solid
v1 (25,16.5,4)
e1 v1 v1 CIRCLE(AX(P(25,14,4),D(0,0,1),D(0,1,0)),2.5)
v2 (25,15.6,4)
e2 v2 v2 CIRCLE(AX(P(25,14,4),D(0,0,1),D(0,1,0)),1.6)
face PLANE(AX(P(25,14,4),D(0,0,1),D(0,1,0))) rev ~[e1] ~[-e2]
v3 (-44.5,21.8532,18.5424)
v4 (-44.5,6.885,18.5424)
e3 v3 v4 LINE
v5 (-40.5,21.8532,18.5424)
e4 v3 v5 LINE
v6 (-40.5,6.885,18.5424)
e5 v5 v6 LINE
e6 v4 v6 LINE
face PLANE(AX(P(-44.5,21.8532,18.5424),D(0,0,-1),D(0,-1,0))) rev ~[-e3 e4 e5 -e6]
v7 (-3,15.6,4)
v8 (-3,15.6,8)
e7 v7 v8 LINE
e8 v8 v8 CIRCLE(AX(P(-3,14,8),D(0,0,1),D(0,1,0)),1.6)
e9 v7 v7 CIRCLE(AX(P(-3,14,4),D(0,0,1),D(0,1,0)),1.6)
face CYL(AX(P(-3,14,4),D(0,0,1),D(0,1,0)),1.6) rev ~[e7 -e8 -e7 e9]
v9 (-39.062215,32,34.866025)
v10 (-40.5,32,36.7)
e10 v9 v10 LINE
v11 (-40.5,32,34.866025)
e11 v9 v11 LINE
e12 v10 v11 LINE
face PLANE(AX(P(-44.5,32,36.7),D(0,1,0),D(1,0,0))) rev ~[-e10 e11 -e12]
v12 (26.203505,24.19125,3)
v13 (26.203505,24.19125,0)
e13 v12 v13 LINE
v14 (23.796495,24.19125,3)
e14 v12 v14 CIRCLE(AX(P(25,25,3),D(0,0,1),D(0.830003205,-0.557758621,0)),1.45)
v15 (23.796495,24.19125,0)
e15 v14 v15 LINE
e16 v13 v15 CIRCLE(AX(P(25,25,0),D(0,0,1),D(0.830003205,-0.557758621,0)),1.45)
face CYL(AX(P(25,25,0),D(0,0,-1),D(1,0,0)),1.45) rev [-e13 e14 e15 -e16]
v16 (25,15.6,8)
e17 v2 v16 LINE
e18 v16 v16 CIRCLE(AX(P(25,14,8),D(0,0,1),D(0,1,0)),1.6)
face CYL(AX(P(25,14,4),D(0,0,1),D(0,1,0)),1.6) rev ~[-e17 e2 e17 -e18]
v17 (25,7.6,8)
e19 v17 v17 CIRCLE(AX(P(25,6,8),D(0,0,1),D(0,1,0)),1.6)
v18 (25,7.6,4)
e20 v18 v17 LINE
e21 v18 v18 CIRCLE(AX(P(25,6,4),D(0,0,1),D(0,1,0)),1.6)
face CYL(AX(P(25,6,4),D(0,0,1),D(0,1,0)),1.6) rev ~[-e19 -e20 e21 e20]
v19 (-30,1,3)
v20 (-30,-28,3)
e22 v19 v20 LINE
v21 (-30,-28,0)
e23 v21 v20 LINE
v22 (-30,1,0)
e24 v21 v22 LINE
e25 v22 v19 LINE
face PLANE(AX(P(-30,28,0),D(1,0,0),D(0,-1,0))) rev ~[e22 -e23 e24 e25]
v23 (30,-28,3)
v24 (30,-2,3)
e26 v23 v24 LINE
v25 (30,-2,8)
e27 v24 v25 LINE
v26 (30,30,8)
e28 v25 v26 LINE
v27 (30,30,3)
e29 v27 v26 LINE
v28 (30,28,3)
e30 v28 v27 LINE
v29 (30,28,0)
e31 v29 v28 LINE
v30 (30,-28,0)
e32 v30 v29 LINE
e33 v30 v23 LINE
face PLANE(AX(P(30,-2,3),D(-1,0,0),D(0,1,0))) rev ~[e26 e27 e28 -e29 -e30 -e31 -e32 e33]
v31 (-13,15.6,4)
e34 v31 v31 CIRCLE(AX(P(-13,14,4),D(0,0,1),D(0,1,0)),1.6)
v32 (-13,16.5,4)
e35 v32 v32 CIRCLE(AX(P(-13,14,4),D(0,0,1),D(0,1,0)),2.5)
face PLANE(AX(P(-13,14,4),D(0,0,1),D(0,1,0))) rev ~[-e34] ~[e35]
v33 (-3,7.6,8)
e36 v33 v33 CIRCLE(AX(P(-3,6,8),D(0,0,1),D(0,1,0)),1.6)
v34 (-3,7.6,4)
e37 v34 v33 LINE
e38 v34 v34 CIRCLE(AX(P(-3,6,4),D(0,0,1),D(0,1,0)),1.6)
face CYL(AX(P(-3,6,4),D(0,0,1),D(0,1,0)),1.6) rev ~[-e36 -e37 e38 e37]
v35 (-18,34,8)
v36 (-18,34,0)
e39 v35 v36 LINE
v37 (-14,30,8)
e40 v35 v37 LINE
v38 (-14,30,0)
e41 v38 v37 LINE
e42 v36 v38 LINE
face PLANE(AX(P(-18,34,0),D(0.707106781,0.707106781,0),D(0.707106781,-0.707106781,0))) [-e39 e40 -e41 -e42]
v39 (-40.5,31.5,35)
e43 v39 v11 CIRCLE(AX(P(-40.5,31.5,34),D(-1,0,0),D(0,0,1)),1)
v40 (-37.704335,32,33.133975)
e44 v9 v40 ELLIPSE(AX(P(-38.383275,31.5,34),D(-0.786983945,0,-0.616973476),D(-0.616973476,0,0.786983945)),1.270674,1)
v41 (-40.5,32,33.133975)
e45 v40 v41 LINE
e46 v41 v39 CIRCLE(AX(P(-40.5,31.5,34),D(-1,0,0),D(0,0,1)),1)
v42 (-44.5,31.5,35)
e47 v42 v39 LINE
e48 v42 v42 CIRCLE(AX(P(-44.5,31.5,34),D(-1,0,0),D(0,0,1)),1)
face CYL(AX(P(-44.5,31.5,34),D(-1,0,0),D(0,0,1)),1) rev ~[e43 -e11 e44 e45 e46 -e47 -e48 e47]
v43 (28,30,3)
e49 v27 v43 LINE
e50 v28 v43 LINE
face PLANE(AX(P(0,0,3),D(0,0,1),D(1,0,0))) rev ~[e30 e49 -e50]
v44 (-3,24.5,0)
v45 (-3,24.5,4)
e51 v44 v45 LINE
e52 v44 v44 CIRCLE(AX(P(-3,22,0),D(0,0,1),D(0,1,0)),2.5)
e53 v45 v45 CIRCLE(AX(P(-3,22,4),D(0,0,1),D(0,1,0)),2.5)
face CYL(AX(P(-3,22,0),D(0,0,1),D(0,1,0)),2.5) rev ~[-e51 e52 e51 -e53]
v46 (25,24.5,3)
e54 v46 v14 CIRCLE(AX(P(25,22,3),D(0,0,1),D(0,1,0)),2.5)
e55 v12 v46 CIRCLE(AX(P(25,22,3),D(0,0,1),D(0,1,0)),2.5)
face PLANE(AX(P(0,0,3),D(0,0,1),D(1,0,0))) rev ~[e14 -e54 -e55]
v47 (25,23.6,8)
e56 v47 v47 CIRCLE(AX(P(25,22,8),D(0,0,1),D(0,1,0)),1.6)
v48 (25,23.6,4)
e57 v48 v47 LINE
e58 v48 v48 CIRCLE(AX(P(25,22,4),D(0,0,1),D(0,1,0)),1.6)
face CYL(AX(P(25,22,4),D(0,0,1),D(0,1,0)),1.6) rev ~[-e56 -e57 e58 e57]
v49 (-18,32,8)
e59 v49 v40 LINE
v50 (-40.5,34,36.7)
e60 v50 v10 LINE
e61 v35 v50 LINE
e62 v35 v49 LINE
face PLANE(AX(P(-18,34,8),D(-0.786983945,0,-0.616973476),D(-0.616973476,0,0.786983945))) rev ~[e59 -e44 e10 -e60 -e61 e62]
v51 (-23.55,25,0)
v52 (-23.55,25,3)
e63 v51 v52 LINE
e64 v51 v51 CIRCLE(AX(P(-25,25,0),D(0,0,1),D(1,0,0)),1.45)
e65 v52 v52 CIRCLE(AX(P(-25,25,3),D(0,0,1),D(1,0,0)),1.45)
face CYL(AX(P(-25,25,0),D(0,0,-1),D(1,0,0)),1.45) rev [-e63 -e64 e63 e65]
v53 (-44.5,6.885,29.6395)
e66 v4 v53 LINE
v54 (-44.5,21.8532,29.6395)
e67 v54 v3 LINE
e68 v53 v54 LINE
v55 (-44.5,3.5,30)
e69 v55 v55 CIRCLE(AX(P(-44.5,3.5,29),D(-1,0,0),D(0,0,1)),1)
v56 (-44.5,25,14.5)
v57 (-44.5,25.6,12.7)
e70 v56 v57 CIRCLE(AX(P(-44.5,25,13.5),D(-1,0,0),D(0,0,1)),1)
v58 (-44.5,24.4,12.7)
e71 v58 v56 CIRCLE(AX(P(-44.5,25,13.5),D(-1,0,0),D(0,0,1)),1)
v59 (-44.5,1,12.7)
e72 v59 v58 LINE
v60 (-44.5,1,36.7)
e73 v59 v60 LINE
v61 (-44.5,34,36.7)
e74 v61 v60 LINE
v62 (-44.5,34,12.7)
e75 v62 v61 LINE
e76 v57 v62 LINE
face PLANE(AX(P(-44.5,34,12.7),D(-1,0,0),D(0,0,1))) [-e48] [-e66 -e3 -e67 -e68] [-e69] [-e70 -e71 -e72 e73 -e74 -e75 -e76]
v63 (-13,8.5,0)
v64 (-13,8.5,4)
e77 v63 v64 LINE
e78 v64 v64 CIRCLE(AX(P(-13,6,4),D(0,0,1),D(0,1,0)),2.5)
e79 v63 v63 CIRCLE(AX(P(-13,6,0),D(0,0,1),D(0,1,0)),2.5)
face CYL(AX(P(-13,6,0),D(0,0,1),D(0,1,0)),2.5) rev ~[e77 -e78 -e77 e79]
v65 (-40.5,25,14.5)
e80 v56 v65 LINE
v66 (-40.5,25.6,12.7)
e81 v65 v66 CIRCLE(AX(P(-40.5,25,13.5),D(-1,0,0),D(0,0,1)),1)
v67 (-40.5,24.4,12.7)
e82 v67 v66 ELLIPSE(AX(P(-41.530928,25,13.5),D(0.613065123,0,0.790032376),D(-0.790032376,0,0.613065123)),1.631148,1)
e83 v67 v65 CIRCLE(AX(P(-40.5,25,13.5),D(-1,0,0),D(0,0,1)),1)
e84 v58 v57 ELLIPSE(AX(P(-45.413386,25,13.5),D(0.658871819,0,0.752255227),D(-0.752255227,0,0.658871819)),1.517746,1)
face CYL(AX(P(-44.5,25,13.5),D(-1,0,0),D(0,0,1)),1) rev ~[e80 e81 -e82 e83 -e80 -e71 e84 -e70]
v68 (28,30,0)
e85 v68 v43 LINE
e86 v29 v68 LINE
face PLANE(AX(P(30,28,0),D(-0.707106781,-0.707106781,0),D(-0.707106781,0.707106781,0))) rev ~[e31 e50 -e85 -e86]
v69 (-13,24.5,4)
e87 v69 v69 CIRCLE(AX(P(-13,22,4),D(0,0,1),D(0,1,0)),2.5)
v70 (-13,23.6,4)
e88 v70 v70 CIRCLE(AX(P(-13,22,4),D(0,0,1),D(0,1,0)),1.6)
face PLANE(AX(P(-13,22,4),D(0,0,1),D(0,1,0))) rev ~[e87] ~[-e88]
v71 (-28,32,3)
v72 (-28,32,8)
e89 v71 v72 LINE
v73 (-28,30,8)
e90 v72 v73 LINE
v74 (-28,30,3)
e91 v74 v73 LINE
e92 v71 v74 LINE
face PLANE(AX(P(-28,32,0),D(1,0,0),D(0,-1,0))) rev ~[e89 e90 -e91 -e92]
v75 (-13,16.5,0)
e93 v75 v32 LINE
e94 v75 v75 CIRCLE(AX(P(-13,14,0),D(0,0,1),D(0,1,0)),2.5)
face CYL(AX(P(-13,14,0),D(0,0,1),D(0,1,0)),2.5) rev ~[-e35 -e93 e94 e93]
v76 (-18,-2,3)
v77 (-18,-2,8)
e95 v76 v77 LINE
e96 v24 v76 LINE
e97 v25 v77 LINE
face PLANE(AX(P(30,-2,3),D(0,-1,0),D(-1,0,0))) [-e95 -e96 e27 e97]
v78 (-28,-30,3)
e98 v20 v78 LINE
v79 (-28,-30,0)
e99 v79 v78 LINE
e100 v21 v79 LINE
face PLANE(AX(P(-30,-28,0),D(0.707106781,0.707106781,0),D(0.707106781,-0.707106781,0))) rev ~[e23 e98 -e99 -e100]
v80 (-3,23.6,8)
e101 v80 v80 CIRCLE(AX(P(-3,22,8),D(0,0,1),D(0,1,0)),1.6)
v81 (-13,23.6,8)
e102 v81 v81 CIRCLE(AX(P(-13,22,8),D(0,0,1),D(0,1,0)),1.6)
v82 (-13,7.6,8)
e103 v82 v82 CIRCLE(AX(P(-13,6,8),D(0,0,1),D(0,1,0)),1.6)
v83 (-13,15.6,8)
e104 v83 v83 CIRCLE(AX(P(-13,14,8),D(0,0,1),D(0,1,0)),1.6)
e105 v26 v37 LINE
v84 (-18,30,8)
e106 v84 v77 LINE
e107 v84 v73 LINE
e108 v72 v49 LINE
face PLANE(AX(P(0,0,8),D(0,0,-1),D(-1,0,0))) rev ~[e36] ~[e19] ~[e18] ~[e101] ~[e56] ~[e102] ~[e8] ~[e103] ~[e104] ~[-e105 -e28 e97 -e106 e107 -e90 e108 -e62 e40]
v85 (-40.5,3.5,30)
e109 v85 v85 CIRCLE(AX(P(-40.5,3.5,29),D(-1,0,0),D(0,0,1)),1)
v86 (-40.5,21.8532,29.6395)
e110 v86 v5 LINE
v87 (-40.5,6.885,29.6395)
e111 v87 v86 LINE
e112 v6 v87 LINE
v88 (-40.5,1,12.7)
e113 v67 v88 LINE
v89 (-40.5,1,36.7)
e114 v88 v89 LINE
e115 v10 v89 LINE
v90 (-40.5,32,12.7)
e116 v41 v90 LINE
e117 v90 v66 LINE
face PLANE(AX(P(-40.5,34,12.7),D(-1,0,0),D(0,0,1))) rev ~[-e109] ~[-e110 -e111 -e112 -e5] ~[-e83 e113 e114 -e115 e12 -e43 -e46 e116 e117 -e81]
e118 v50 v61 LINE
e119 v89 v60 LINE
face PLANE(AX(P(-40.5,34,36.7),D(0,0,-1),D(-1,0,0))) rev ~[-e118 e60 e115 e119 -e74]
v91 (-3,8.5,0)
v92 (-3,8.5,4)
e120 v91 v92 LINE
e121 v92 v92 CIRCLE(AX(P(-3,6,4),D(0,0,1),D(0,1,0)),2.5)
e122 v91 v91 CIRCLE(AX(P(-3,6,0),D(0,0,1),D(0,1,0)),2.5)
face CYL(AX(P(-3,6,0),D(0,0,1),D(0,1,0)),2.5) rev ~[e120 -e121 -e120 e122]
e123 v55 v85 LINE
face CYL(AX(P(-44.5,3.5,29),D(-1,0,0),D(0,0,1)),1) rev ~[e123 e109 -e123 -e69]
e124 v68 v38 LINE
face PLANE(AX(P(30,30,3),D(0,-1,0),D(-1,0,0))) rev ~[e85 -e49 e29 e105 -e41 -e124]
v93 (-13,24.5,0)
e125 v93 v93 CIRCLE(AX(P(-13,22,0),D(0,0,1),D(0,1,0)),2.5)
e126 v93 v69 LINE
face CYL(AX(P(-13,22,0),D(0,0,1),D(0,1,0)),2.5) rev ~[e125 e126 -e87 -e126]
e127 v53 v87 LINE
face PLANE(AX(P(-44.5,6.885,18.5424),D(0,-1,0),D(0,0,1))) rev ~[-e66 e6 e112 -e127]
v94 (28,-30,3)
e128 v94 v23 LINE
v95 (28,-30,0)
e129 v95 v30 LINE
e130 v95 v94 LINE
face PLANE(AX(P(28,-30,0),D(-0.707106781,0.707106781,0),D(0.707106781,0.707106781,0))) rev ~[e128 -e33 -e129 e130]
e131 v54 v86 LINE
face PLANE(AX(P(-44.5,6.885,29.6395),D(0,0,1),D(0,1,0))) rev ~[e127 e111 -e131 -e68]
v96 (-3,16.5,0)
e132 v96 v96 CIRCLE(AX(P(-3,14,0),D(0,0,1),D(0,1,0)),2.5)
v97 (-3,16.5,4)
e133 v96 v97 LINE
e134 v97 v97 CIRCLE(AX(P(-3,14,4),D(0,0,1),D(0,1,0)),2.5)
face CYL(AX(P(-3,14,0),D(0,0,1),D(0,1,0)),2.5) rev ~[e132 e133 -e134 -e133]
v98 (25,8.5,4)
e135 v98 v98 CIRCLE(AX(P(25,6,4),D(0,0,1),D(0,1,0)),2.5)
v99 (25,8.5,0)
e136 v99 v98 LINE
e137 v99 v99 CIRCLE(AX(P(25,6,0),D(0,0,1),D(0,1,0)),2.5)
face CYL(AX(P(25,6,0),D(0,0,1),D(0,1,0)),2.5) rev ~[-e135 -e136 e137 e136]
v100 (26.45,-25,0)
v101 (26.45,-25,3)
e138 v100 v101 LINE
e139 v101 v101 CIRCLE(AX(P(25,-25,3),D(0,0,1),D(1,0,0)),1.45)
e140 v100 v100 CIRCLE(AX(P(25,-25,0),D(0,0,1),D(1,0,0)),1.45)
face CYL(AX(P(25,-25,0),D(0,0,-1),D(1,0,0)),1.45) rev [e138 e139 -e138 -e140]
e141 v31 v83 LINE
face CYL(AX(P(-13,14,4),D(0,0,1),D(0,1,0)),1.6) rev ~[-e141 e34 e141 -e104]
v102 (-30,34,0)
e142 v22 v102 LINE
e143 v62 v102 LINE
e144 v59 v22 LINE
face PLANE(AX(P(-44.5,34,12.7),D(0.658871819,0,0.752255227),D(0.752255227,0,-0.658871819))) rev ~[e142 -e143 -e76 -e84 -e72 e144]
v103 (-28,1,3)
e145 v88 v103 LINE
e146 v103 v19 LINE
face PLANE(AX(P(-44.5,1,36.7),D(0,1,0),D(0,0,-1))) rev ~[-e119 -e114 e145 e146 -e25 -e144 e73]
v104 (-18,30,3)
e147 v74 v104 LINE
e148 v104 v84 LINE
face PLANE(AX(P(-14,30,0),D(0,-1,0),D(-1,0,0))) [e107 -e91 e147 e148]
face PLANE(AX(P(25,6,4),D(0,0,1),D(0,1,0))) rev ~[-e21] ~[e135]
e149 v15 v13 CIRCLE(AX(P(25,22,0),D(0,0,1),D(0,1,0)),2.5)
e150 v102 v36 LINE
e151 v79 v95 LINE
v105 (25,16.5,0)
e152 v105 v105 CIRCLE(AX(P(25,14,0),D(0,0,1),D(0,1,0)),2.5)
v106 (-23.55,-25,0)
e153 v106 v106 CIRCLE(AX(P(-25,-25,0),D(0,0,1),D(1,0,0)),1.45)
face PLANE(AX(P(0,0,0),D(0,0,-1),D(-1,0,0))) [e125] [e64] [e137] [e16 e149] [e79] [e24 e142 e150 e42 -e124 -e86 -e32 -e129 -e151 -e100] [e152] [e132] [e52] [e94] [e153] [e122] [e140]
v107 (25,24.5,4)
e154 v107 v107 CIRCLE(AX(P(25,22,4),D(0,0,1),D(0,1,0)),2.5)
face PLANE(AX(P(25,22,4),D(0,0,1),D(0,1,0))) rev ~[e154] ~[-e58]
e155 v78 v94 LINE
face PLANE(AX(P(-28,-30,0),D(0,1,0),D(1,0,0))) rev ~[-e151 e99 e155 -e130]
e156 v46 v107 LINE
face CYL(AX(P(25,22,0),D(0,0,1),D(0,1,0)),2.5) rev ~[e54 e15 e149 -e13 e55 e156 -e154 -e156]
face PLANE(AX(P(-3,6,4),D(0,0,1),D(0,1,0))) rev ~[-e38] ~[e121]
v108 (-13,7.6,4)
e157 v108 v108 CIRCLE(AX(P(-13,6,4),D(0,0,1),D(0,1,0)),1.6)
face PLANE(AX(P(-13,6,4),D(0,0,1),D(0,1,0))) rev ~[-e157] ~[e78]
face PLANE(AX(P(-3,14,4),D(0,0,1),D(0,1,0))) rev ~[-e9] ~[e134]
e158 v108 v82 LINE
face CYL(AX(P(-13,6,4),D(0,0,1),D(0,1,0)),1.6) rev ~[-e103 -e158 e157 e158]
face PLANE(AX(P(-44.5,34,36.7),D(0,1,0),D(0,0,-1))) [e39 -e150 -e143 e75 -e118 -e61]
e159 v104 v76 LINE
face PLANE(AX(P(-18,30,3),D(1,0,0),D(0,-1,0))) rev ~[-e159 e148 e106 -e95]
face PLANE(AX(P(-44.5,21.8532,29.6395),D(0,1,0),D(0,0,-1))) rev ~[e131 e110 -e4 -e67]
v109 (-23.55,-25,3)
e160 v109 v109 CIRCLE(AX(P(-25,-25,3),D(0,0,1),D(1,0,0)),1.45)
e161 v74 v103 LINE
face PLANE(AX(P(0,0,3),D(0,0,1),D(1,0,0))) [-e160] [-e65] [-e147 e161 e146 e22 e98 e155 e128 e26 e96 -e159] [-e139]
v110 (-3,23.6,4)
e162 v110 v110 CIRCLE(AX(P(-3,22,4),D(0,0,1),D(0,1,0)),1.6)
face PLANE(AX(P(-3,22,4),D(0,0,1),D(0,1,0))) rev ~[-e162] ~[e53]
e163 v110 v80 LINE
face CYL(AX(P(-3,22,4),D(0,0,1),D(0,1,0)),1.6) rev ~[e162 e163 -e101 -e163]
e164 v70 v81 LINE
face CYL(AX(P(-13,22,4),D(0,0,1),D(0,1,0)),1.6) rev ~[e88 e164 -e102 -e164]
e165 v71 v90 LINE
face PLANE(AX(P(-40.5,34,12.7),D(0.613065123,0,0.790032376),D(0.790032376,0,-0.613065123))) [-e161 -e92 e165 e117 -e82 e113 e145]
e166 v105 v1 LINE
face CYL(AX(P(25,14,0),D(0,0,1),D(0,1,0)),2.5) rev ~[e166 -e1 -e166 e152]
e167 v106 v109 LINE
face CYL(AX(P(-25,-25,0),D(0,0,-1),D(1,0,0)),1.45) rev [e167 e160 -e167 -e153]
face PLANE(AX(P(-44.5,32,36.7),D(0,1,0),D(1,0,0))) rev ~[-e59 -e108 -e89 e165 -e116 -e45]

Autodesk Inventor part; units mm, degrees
ref_plane "Work Plane1" through (0, 0, 0) normal (0, 0, 1) x (1, 0, 0)
sketch "Sketch1" plane through (0, 0, 0) normal (0, 0, 1) x (1, 0, 0)
  circle A0 centre (0, 25) radius 1.95 construction
  circle A1 centre (-25, 0) radius 1.95 construction
  circle A2 centre (-25, -25) radius 1.95 construction
  circle A3 centre (25, 25) radius 1.95 construction
  circle A4 centre (25, -25) radius 1.95 construction
  circle A5 centre (-25, 25) radius 1.95 construction
  circle A6 centre (25, 0) radius 1.95 construction
  circle A7 centre (0, -25) radius 1.95 construction
  line L0 (-28, 30) -> (-30, 28) projected
  line L1 (-30, 28) -> (-30, -28) projected
  line L2 (-30, -28) -> (-28, -30) projected
  line L3 (-28, -30) -> (28, -30) projected
  line L4 (28, -30) -> (30, -28) projected
  line L5 (30, -28) -> (30, 28) projected
  line L6 (30, 28) -> (28, 30) projected
  line L7 (28, 30) -> (-28, 30) projected
  circle A8 centre (25, 25) radius 1.45
  circle A9 centre (25, -25) radius 1.45
  circle A10 centre (-25, -25) radius 1.45
  circle A11 centre (-25, 25) radius 1.45
  circle A12 centre (0, 25) radius 1.95 projected
  circle A13 centre (-25, 0) radius 1.95 projected
  circle A14 centre (-25, -25) radius 1.95 projected
  circle A15 centre (25, 25) radius 1.95 projected
  circle A16 centre (25, -25) radius 1.95 projected
  circle A17 centre (-25, 25) radius 1.95 projected
  circle A18 centre (25, 0) radius 1.95 projected
  circle A19 centre (0, -25) radius 1.95 projected
  line L8 (-28, 30) -> (-30, 28) projected
  line L9 (-30, 28) -> (-30, -28) projected
  line L10 (-30, -28) -> (-28, -30) projected
  line L11 (-28, -30) -> (28, -30) projected
  line L12 (28, -30) -> (30, -28) projected
  line L13 (30, -28) -> (30, 28) projected
  line L14 (30, 28) -> (28, 30) projected
  line L15 (28, 30) -> (-28, 30) projected
  line L16 (-44.5, 28.8555) -> (-44.5, 2)
  line L17 (-44.5, 34) -> (-45.5, 34)
  line L18 (-45.5, 1) -> (-44.5, 1)
  line L19 (-44.5, 34) -> (-30, 34)
  line L20 (-30, 34) -> (-30, 1)
  line L21 (-30, 1) -> (-44.5, 1)
  line L22 (-44.5, 1) -> (-44.5, 34)
  line L23 (-30, 34) -> (-26, 30)
  line L24 (-30, 34) -> (-24.3431, 34) construction
  point P0 (0, 0)
  dimension "d0" = 2.9
  dimension "d1" = 2.9
  dimension "d2" = 2.9
  dimension "d3" = 2.9
  dimension "d6" = 45
ref_plane "Work Plane2" through (-18, -2, 8) normal (0, 0, -1) x (0, 1, 0)
extrude "Extrusion1" add sketch "Sketch1" along normal blind 3 contours L7 L6 L5 L4 L3 L2 L1 L0 | A12 | A13 | A14 | A15 | A16 | A17 | A18 | A19
sketch "Sketch2" plane through (0, 0, 3) normal (0, 0, 1) x (1, 0, 0)
  circle A0 centre (-3, 22) radius 1.4 projected
  circle A1 centre (-3, 14) radius 1.4 projected
  circle A2 centre (-13, 6) radius 1.4 projected
  circle A3 centre (-13, 14) radius 1.4 projected
  circle A4 centre (25, 14) radius 1.4 projected
  circle A5 centre (25, 6) radius 1.4 projected
  circle A6 centre (-13, 22) radius 1.4 projected
  circle A7 centre (-3, 6) radius 1.4 projected
  circle A8 centre (25, 22) radius 1.4 projected
  line L0 (30, -2) -> (30, 30) projected
  line L1 (30, -2) -> (-18, -2) projected
  line L2 (-18, 30) -> (-18, -2) projected
  line L3 (30, 30) -> (-18, 30) projected
  point P0 (0, 0)
ref_plane "Work Plane3" through (-18, -2, 8) normal (0, 0, -1) x (0, 1, 0)
extrude "Extrusion2" add sketch "Sketch2" along normal up to surface (5 mm away)
sketch "Sketch3" plane through (0, 0, 0) normal (0, 0, -1) x (-1, 0, 0)
  circle A0 centre (-25, 22) radius 1.4 projected
  circle A1 centre (3, 6) radius 1.4 projected
  circle A2 centre (13, 22) radius 1.4 projected
  circle A3 centre (-25, 6) radius 1.4 projected
  circle A4 centre (-25, 14) radius 1.4 projected
  circle A5 centre (13, 14) radius 1.4 projected
  circle A6 centre (13, 6) radius 1.4 projected
  circle A7 centre (3, 14) radius 1.4 projected
  circle A8 centre (3, 22) radius 1.4 projected
  line L0 (18, -2) -> (-30, -2) projected
  line L1 (-30, -2) -> (-30, 30) projected
  line L2 (-30, 30) -> (18, 30) projected
  line L3 (18, 30) -> (18, -2) projected
  point P0 (0, 0)
hole "Hole2" at (-13, 6, 0) at (-13, 14, 0) at (-13, 22, 0) at (-3, 22, 0) at (-3, 14, 0) at (-3, 6, 0) at (25, 6, 0) at (25, 14, 0) at (25, 22, 0) direction (0, 0, 1) diameter 3.2 depth 20 tip angle 118 counterbore diameter 5 counterbore depth 4
ref_plane "Work Plane4" through (-44.5, 34, 36.7) normal (0, 1, 0) x (0, 0, -1)
sketch "Sketch5" plane through (-44.5, 34, 36.7) normal (0, 1, 0) x (0, 0, -1)
  line L0 (36.7, -72.5) -> (36.7, -16.5) projected
  line L1 (36.7, -16.5) -> (33.7, -16.5) projected
  line L2 (33.7, -26.5) -> (33.7, -16.5) projected
  line L3 (33.7, -26.5) -> (28.7, -26.5) projected
  line L4 (28.7, -74.5) -> (28.7, -26.5) projected
  line L5 (33.7, -74.5) -> (28.7, -74.5) projected
  line L6 (33.7, -74.5) -> (33.7, -72.5) projected
  line L7 (36.7, -72.5) -> (33.7, -72.5) projected
  line L8 (25.7, 0) -> (0, 0) projected
  line L9 (25.7, 0) -> (25.7, 1) projected
  line L10 (0, 1) -> (25.7, 1) projected
  line L11 (0, 0) -> (0, 1) projected
  line L12 (0, 0) -> (24, 0)
  line L13 (24, 0) -> (24, -4)
  line L14 (24, -4) -> (0, -4)
  line L15 (0, -4) -> (0, 0)
  line L16 (24, -4) -> (33.7, -16.5)
  line L17 (36.7, -16.5) -> (36.7, -14.5) projected
  line L18 (36.7, -14.5) -> (36.7, -16.5) projected
  line L19 (24, 0) -> (36.7, -14.5)
  line L20 (36.7, -16.5) -> (33.7, -16.5) projected
  line L21 (36.7, -14.5) -> (36.7, -16.5)
  point P0 (36.7, -44.5)
  dimension "d23" = 24
  dimension "d24" = 4
ref_plane "Work Plane5" through (-45.5, 1, 28.397) normal (0, -1, 0) x (1, 0, 0)
extrude "Extrusion3" add sketch "Sketch5" against normal up to surface (33 mm away) contours L1 L16 L13 L19 L17 | L14 L15 L8 L13
sketch "Sketch6" plane through (-44.5, 34, 36.7) normal (0, 1, 0) x (1, 0, 0)
  line L0 (0, 0) -> (0, 24) projected
  line L1 (4, 0) -> (0, 0) projected
  line L2 (4, 24) -> (4, 0) projected
  line L3 (16.5, 33.7) -> (4, 24) projected
  line L4 (26.5, 33.7) -> (26.5, 28.7) projected
  line L5 (26.5, 28.7) -> (4, 0)
  line L6 (0, 24) -> (14.5, 36.7) projected
  line L7 (14.5, 36.7) -> (16.5, 36.7) projected
  line L8 (16.5, 36.7) -> (16.5, 33.7) projected
  line L9 (26.5, 33.7) -> (26.5, 28.7) projected
  line L10 (16.5, 36.7) -> (26.5, 36.7)
  line L11 (26.5, 36.7) -> (26.5, 28.7)
  line L12 (26.5, 28.7) -> (16.5, 28.7)
  line L13 (16.5, 28.7) -> (16.5, 36.7)
  point P0 (44.5, 36.7)
extrude "Extrusion4" add sketch "Sketch6" against normal blind 2
sketch "Sketch7" plane through (-44.5, 1, 36.7) normal (-1, 0, 0) x (0, 0, 1)
  circle A0 centre (-7.7, 2.5) radius 1 projected
  circle A1 centre (-2.7, 30.5) radius 1 projected
  circle A2 centre (-23.2, 24) radius 1 projected
  circle A3 centre (-12.7, 13) radius 2.6486 projected
  line L0 (-18.1576, 5.885) -> (-7.0605, 5.885)
  line L1 (-7.0605, 5.885) -> (-7.0605, 20.8532)
  line L2 (-7.0605, 20.8532) -> (-18.1576, 20.8532)
  line L3 (-18.1576, 20.8532) -> (-18.1576, 5.885)
  point P0 (-36.7, -1)
extrude "Extrusion5" cut sketch "Sketch7" against normal through all contours A0 | A1 | A2 | A3 | L3 L2 L1 L0
sketch "Sketch8" plane through (0, 0, 0) normal (0, 0, -1) x (-1, 0, 0)
  line L0 (28, 32) -> (28, 30) projected
  line L1 (-28, 30) -> (28, 30) projected
  line L2 (-30, 28) -> (-28, 30) projected
  line L3 (-30, -28) -> (-30, 28) projected
  line L4 (-28, -30) -> (-30, -28) projected
  line L5 (28, -30) -> (-28, -30) projected
  line L6 (30, -28) -> (28, -30) projected
  line L7 (30, 1) -> (30, -28) projected
  line L8 (30, 34) -> (30, 1) projected
  line L9 (30, 34) -> (18, 34) projected
  line L10 (18, 34) -> (18, 32) projected
  line L11 (28, 32) -> (18, 32) projected
  circle A0 centre (25, -25) radius 1.45 projected
  arc A1 (-26.2035, 24.1913) -> (-23.7965, 24.1913) centre (-25, 22) ccw projected
  arc A2 (-23.7965, 24.1913) -> (-26.2035, 24.1913) centre (-25, 25) ccw projected
  circle A3 centre (-25, -25) radius 1.45 projected
  circle A4 centre (25, 25) radius 1.45 projected
  circle A5 centre (-25, 6) radius 2.5 projected
  circle A6 centre (3, 14) radius 2.5 projected
  circle A7 centre (13, 22) radius 2.5 projected
  circle A8 centre (13, 6) radius 2.5 projected
  circle A9 centre (13, 14) radius 2.5 projected
  circle A10 centre (3, 22) radius 2.5 projected
  circle A11 centre (3, 6) radius 2.5 projected
  circle A12 centre (-25, 14) radius 2.5 projected
  line L12 (18, 34) -> (18, 32) projected
  line L13 (18, 34) -> (14, 30)
  line L14 (18, 34) -> (23.6569, 34) construction
  line L15 (-28, 30) -> (28, 30) projected
  point P0 (0, 0)
  dimension "d31" = 135
extrude "Extrusion6" add sketch "Sketch8" against normal up to surface (8 mm away) contours L0 L1 L13 L10 L11
properties part number "cellSTORM_inverted_Laser_left"
